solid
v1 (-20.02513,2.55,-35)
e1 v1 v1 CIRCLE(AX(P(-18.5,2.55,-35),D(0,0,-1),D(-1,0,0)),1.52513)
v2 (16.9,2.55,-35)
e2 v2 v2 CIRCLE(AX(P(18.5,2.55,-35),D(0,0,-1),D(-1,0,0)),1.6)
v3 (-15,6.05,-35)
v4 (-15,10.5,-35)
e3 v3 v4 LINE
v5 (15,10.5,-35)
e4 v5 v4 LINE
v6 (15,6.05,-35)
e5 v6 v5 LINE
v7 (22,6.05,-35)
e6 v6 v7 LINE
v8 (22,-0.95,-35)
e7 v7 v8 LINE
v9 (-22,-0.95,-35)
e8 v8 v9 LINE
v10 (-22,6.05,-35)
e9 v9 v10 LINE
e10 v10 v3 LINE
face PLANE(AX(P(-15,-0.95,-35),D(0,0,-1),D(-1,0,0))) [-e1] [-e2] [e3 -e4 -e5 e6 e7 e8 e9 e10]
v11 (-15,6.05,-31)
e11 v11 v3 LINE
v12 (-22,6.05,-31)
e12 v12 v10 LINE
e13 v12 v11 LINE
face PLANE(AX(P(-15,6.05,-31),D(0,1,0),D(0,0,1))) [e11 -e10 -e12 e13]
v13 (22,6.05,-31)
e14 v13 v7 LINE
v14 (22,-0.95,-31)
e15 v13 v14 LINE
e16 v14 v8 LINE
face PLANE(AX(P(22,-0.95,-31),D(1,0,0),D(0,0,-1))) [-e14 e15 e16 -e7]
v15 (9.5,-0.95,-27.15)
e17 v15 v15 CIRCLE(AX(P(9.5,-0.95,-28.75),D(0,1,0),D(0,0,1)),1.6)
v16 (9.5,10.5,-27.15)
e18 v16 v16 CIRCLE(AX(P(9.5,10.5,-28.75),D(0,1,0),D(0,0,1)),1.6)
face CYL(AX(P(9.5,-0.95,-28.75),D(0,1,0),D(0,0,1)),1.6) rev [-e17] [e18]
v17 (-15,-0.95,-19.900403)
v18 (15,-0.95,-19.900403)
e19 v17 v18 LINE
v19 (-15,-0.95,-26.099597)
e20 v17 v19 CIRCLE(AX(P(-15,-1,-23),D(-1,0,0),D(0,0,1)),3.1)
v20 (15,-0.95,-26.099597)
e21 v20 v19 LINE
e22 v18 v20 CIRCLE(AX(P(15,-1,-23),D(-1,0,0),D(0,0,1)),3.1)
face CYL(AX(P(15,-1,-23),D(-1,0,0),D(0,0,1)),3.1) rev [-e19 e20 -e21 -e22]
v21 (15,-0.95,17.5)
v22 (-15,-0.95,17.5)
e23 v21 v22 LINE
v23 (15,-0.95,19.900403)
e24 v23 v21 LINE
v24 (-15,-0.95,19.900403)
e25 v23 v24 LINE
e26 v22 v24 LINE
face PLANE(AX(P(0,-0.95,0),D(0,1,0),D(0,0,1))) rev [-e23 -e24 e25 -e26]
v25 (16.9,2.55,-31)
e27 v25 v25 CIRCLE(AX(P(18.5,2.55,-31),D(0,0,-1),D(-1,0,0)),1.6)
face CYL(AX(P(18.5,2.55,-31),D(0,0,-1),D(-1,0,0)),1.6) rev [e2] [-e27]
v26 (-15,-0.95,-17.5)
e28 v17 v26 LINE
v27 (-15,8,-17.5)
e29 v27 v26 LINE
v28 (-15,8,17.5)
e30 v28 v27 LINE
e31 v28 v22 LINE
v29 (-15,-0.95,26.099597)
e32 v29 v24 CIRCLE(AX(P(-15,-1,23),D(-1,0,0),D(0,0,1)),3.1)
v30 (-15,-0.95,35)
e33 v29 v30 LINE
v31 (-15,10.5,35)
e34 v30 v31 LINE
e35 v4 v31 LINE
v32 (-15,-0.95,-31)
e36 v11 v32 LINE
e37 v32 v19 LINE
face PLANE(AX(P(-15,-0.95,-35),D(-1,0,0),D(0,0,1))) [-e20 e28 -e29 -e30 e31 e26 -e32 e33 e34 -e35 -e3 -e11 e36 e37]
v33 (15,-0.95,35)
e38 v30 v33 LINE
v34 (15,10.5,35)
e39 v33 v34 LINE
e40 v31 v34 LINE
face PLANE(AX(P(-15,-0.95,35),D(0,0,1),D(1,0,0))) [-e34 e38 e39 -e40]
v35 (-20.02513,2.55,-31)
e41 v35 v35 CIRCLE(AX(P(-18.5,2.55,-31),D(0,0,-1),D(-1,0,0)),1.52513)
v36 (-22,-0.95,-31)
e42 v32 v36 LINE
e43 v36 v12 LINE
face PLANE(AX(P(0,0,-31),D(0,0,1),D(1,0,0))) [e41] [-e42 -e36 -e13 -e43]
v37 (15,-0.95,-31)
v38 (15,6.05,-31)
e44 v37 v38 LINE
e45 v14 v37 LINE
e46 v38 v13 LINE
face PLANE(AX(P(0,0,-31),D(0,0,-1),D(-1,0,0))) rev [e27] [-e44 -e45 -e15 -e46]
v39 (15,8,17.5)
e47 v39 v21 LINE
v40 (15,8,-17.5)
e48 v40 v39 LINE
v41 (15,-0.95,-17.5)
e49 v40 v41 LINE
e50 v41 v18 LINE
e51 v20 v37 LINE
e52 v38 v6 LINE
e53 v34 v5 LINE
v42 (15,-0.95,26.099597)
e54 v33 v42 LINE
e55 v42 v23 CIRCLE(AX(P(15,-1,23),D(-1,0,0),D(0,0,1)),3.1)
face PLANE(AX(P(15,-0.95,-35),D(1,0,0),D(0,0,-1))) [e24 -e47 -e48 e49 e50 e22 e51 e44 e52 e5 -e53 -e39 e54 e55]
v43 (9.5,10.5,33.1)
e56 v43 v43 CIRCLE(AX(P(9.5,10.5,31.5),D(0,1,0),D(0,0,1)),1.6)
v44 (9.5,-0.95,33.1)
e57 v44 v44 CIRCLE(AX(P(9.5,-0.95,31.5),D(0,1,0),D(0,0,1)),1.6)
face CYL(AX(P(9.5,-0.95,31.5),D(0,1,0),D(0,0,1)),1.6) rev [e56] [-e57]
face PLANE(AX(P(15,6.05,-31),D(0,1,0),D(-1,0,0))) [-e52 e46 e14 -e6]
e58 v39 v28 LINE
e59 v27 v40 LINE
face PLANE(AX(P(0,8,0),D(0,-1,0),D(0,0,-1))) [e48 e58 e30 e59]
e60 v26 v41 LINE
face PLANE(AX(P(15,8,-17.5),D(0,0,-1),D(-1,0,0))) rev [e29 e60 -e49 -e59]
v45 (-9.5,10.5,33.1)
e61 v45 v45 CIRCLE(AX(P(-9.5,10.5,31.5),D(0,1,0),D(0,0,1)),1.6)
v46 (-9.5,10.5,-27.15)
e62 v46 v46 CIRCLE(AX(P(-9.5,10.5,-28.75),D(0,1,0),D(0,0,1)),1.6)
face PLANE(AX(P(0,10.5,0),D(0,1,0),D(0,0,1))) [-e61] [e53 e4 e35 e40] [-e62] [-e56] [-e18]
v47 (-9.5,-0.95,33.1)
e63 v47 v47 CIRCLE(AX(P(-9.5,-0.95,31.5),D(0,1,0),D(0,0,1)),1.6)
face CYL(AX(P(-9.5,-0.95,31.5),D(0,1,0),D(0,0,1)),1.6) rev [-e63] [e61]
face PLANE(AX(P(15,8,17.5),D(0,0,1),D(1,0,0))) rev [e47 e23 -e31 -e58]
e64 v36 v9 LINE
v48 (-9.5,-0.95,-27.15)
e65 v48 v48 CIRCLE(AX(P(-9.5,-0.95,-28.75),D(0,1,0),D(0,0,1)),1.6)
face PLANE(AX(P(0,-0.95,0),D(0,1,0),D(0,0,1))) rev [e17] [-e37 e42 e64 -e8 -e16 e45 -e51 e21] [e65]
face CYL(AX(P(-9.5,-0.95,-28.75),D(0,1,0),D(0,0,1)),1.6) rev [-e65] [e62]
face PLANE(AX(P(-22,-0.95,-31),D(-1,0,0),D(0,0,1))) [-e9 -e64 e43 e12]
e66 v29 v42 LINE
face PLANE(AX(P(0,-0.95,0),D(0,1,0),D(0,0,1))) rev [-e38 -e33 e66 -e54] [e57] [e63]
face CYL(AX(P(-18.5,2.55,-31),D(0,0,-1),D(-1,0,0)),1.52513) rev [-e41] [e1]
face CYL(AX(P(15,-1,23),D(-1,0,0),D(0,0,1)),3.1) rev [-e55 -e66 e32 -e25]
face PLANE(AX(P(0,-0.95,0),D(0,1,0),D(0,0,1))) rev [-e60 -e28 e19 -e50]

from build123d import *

# Parameters (mm, degrees)
BOSS_EXTRUDE2_DEPTH      = 10.5
BOSS_EXTRUDE2_DEPTH_BACK = 0.95
SKETCH3_W                = 30
SKETCH3_H                = 70
SKETCH4_W                = 30
SKETCH4_H                = 35
CUT_EXTRUDE2_DEPTH       = 8.95
SKETCH5_R                = 3.1
CUT_EXTRUDE3_DEPTH       = 48.2784306
SKETCH6_R                = 1.6
CUT_EXTRUDE4_DEPTH       = 40.763079609
SKETCH7_W                = 7
SKETCH7_H                = 7
SKETCH7_R                = 1.6
SKETCH7_R_2              = 1.525130212
BOSS_EXTRUDE3_DEPTH      = 4


with BuildPart() as part:
    # Sketch3 → Boss-Extrude2 (new, two sides: drawn at the far end of the back side and taken through both)
    with BuildSketch(Plane(origin=(0, 0, 0), x_dir=(1, 0, 0), z_dir=(0, 1, 0)).offset(-BOSS_EXTRUDE2_DEPTH_BACK)):
        Rectangle(SKETCH3_W, SKETCH3_H)
    extrude(amount=BOSS_EXTRUDE2_DEPTH + BOSS_EXTRUDE2_DEPTH_BACK)

    # Sketch4 → Cut-Extrude2 (cut)
    with BuildSketch(Plane.XZ.offset(0.95)):
        Rectangle(SKETCH4_W, SKETCH4_H)
    extrude(amount=-CUT_EXTRUDE2_DEPTH, mode=Mode.SUBTRACT)

    # Sketch5 → Cut-Extrude3 (cut, through all)
    with BuildSketch(Plane.ZY.offset(15)):
        with Locations((-23, -1)):
            Circle(SKETCH5_R)
        with Locations((23, -1)):
            Circle(SKETCH5_R)
    extrude(amount=-CUT_EXTRUDE3_DEPTH, mode=Mode.SUBTRACT)

    # Sketch6 → Cut-Extrude4 (cut, through all)
    with BuildSketch(Plane(origin=(0, 10.5, 0), x_dir=(1, 0, 0), z_dir=(0, 1, 0))):
        with Locations(Location((-9.5, 28.75, 0), (0, 0, 270))):
            Circle(SKETCH6_R)
        with Locations(Location((9.5, 28.75, 0), (0, 0, 270))):
            Circle(SKETCH6_R)
        with Locations(Location((-9.5, -31.5, 0), (0, 0, 270))):
            Circle(SKETCH6_R)
        with Locations(Location((9.5, -31.5, 0), (0, 0, 270))):
            Circle(SKETCH6_R)
    extrude(amount=-CUT_EXTRUDE4_DEPTH, mode=Mode.SUBTRACT)

    # Sketch7 → Boss-Extrude3 (add)
    # profile 1 of 2: a face of its own
    with BuildSketch(Plane(origin=(0, 0, -35), x_dir=(-1, 0, 0), z_dir=(0, 0, -1))):
        with Locations((-18.5, 2.55)):
            Rectangle(SKETCH7_W, SKETCH7_H)
        with Locations((-18.5, 2.55)):
            Circle(SKETCH7_R, mode=Mode.SUBTRACT)
    # profile 2 of 2: a face of its own
    with BuildSketch(Plane(origin=(0, 0, -35), x_dir=(-1, 0, 0), z_dir=(0, 0, -1))):
        with Locations((18.5, 2.55)):
            Rectangle(SKETCH7_W, SKETCH7_H)
        with Locations((18.5, 2.55)):
            Circle(SKETCH7_R_2, mode=Mode.SUBTRACT)
    extrude(amount=-BOSS_EXTRUDE3_DEPTH)


solid = part.part
